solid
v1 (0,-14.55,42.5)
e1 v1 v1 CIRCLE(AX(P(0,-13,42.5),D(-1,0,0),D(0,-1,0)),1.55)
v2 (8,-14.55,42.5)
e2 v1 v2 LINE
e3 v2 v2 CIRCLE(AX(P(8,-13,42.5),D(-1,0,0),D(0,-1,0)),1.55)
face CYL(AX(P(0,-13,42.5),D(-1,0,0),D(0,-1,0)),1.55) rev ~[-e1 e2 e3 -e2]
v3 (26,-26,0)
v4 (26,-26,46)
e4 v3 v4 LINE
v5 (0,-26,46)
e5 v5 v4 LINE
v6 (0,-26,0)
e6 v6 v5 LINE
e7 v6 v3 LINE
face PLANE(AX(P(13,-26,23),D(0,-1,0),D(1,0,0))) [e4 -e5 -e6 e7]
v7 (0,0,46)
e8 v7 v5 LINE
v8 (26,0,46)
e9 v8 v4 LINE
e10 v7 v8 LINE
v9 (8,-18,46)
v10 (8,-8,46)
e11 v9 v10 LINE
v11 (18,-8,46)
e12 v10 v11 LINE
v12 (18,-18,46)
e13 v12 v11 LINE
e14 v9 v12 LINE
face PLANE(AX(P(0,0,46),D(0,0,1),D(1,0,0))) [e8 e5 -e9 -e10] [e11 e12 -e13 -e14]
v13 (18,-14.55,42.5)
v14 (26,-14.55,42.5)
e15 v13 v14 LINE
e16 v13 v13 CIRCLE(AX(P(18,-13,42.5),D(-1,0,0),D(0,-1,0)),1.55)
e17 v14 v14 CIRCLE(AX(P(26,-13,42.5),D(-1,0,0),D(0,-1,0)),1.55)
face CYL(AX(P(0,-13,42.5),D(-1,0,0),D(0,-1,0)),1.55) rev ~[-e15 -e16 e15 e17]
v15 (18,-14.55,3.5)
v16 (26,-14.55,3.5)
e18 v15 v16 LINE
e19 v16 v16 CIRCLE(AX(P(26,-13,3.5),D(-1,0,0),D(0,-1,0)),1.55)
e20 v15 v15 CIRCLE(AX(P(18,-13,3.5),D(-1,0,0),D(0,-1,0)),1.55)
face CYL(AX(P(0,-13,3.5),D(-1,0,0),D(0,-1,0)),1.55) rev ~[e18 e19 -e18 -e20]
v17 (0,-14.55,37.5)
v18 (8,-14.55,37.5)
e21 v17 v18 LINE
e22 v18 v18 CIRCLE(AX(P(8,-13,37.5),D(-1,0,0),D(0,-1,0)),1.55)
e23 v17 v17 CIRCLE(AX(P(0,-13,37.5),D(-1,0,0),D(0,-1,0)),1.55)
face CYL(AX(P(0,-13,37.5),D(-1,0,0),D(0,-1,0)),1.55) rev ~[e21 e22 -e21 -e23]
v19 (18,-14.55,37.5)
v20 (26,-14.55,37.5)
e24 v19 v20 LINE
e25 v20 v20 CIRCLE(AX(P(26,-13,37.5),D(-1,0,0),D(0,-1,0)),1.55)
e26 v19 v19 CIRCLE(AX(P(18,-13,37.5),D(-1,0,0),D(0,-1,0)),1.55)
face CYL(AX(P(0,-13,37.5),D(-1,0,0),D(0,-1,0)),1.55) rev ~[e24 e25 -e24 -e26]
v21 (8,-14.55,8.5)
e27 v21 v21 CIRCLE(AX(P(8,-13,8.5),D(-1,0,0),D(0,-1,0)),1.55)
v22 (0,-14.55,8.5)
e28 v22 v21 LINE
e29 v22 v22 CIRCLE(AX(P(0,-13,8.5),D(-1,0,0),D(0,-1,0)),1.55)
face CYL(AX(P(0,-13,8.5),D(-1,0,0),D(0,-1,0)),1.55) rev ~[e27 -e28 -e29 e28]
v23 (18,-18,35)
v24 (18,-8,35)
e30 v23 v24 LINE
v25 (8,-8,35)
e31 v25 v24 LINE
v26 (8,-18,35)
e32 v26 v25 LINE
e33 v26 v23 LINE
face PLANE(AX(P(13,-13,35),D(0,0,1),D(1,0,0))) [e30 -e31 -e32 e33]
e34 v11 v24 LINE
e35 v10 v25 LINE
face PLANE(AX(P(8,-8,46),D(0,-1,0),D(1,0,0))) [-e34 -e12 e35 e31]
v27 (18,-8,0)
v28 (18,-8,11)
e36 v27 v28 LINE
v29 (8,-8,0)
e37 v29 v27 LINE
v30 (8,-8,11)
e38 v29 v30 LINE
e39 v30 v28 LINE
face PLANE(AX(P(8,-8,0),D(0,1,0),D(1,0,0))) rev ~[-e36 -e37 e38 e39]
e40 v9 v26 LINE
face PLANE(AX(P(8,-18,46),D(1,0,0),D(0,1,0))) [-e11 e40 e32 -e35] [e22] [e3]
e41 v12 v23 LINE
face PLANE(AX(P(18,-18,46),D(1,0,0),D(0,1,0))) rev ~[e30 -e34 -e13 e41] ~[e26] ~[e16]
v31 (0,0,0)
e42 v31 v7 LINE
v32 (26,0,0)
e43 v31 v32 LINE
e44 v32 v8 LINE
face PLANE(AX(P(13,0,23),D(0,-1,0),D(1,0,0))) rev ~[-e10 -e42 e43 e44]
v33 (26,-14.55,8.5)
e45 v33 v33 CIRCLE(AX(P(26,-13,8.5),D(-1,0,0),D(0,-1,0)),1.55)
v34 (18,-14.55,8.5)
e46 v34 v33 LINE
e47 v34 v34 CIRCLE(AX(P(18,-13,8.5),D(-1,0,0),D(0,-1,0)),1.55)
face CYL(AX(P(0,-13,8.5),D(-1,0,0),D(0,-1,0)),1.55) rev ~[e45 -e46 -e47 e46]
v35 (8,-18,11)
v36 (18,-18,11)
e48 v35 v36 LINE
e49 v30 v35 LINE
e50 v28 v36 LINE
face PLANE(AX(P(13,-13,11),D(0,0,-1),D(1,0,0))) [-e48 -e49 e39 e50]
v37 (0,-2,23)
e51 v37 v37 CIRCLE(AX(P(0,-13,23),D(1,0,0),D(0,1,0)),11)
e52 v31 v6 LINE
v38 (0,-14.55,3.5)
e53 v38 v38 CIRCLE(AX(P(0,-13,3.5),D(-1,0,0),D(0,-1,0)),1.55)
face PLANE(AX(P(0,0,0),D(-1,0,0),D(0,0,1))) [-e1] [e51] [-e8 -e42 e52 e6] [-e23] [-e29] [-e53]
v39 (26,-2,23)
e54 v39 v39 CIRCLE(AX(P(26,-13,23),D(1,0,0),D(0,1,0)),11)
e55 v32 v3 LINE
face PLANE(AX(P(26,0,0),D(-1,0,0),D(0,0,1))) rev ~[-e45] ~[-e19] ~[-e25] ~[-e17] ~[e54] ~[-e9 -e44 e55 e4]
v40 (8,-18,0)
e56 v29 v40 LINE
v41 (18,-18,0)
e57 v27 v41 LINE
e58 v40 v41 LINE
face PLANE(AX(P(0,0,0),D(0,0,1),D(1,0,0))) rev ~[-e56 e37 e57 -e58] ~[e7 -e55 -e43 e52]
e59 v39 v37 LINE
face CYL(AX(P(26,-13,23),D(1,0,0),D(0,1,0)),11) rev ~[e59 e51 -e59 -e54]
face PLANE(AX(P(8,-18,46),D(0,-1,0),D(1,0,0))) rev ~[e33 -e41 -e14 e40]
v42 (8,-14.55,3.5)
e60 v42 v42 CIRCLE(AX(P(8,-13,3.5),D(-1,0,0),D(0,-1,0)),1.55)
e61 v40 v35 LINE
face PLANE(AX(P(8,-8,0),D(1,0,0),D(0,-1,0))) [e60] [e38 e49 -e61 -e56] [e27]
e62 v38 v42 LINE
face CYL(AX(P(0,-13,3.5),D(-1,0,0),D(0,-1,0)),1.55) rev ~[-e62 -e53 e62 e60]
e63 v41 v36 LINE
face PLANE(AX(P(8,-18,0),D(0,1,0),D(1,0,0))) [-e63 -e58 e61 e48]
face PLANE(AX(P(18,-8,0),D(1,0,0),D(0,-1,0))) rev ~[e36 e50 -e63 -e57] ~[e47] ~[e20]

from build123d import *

# Parameters (mm, degrees)
F0_W     = 26
F0_H     = 46
F1_DEPTH = 26
F2_W     = 10
F2_H     = 10
F3_DEPTH = 11
F4_W     = 10
F4_H     = 10
F5_DEPTH = 11
F7_R     = 1.55
F8_DEPTH = 26
F6_R     = 11
F9_DEPTH = 26


with BuildPart() as f1:
    # F0 (on Front) → F1 (new body)
    with BuildSketch(Plane.XZ):
        with Locations((13, 23)):
            Rectangle(F0_W, F0_H)
    extrude(amount=F1_DEPTH)

    # F2 (on face) → F3 (cut)
    with BuildSketch(Plane.XY.offset(46)):
        with Locations((13, -13)):
            Rectangle(F2_W, F2_H)
    extrude(amount=-F3_DEPTH, mode=Mode.SUBTRACT)

    # F4 (on face) → F5 (cut)
    with BuildSketch(Plane(origin=(0, 0, 0), x_dir=(1, 0, 0), z_dir=(0, 0, -1))):
        with Locations((13, 13)):
            Rectangle(F4_W, F4_H)
    extrude(amount=-F5_DEPTH, mode=Mode.SUBTRACT)

    # F7 (on face) → F8 (cut)
    with BuildSketch(Plane(origin=(0, 0, 0), x_dir=(0, -1, 0), z_dir=(-1, 0, 0))):
        with Locations((13, 8.5)):
            Circle(F7_R)
        with Locations((13, 3.5)):
            Circle(F7_R)
        with Locations((13, 42.5)):
            Circle(F7_R)
        with Locations((13, 37.5)):
            Circle(F7_R)
    extrude(amount=-F8_DEPTH, mode=Mode.SUBTRACT)

    # F6 (on face) → F9 (cut)
    with BuildSketch(Plane.YZ.offset(26)):
        with Locations((-13, 23)):
            Circle(F6_R)
    extrude(amount=-F9_DEPTH, mode=Mode.SUBTRACT)


solid = f1.part
